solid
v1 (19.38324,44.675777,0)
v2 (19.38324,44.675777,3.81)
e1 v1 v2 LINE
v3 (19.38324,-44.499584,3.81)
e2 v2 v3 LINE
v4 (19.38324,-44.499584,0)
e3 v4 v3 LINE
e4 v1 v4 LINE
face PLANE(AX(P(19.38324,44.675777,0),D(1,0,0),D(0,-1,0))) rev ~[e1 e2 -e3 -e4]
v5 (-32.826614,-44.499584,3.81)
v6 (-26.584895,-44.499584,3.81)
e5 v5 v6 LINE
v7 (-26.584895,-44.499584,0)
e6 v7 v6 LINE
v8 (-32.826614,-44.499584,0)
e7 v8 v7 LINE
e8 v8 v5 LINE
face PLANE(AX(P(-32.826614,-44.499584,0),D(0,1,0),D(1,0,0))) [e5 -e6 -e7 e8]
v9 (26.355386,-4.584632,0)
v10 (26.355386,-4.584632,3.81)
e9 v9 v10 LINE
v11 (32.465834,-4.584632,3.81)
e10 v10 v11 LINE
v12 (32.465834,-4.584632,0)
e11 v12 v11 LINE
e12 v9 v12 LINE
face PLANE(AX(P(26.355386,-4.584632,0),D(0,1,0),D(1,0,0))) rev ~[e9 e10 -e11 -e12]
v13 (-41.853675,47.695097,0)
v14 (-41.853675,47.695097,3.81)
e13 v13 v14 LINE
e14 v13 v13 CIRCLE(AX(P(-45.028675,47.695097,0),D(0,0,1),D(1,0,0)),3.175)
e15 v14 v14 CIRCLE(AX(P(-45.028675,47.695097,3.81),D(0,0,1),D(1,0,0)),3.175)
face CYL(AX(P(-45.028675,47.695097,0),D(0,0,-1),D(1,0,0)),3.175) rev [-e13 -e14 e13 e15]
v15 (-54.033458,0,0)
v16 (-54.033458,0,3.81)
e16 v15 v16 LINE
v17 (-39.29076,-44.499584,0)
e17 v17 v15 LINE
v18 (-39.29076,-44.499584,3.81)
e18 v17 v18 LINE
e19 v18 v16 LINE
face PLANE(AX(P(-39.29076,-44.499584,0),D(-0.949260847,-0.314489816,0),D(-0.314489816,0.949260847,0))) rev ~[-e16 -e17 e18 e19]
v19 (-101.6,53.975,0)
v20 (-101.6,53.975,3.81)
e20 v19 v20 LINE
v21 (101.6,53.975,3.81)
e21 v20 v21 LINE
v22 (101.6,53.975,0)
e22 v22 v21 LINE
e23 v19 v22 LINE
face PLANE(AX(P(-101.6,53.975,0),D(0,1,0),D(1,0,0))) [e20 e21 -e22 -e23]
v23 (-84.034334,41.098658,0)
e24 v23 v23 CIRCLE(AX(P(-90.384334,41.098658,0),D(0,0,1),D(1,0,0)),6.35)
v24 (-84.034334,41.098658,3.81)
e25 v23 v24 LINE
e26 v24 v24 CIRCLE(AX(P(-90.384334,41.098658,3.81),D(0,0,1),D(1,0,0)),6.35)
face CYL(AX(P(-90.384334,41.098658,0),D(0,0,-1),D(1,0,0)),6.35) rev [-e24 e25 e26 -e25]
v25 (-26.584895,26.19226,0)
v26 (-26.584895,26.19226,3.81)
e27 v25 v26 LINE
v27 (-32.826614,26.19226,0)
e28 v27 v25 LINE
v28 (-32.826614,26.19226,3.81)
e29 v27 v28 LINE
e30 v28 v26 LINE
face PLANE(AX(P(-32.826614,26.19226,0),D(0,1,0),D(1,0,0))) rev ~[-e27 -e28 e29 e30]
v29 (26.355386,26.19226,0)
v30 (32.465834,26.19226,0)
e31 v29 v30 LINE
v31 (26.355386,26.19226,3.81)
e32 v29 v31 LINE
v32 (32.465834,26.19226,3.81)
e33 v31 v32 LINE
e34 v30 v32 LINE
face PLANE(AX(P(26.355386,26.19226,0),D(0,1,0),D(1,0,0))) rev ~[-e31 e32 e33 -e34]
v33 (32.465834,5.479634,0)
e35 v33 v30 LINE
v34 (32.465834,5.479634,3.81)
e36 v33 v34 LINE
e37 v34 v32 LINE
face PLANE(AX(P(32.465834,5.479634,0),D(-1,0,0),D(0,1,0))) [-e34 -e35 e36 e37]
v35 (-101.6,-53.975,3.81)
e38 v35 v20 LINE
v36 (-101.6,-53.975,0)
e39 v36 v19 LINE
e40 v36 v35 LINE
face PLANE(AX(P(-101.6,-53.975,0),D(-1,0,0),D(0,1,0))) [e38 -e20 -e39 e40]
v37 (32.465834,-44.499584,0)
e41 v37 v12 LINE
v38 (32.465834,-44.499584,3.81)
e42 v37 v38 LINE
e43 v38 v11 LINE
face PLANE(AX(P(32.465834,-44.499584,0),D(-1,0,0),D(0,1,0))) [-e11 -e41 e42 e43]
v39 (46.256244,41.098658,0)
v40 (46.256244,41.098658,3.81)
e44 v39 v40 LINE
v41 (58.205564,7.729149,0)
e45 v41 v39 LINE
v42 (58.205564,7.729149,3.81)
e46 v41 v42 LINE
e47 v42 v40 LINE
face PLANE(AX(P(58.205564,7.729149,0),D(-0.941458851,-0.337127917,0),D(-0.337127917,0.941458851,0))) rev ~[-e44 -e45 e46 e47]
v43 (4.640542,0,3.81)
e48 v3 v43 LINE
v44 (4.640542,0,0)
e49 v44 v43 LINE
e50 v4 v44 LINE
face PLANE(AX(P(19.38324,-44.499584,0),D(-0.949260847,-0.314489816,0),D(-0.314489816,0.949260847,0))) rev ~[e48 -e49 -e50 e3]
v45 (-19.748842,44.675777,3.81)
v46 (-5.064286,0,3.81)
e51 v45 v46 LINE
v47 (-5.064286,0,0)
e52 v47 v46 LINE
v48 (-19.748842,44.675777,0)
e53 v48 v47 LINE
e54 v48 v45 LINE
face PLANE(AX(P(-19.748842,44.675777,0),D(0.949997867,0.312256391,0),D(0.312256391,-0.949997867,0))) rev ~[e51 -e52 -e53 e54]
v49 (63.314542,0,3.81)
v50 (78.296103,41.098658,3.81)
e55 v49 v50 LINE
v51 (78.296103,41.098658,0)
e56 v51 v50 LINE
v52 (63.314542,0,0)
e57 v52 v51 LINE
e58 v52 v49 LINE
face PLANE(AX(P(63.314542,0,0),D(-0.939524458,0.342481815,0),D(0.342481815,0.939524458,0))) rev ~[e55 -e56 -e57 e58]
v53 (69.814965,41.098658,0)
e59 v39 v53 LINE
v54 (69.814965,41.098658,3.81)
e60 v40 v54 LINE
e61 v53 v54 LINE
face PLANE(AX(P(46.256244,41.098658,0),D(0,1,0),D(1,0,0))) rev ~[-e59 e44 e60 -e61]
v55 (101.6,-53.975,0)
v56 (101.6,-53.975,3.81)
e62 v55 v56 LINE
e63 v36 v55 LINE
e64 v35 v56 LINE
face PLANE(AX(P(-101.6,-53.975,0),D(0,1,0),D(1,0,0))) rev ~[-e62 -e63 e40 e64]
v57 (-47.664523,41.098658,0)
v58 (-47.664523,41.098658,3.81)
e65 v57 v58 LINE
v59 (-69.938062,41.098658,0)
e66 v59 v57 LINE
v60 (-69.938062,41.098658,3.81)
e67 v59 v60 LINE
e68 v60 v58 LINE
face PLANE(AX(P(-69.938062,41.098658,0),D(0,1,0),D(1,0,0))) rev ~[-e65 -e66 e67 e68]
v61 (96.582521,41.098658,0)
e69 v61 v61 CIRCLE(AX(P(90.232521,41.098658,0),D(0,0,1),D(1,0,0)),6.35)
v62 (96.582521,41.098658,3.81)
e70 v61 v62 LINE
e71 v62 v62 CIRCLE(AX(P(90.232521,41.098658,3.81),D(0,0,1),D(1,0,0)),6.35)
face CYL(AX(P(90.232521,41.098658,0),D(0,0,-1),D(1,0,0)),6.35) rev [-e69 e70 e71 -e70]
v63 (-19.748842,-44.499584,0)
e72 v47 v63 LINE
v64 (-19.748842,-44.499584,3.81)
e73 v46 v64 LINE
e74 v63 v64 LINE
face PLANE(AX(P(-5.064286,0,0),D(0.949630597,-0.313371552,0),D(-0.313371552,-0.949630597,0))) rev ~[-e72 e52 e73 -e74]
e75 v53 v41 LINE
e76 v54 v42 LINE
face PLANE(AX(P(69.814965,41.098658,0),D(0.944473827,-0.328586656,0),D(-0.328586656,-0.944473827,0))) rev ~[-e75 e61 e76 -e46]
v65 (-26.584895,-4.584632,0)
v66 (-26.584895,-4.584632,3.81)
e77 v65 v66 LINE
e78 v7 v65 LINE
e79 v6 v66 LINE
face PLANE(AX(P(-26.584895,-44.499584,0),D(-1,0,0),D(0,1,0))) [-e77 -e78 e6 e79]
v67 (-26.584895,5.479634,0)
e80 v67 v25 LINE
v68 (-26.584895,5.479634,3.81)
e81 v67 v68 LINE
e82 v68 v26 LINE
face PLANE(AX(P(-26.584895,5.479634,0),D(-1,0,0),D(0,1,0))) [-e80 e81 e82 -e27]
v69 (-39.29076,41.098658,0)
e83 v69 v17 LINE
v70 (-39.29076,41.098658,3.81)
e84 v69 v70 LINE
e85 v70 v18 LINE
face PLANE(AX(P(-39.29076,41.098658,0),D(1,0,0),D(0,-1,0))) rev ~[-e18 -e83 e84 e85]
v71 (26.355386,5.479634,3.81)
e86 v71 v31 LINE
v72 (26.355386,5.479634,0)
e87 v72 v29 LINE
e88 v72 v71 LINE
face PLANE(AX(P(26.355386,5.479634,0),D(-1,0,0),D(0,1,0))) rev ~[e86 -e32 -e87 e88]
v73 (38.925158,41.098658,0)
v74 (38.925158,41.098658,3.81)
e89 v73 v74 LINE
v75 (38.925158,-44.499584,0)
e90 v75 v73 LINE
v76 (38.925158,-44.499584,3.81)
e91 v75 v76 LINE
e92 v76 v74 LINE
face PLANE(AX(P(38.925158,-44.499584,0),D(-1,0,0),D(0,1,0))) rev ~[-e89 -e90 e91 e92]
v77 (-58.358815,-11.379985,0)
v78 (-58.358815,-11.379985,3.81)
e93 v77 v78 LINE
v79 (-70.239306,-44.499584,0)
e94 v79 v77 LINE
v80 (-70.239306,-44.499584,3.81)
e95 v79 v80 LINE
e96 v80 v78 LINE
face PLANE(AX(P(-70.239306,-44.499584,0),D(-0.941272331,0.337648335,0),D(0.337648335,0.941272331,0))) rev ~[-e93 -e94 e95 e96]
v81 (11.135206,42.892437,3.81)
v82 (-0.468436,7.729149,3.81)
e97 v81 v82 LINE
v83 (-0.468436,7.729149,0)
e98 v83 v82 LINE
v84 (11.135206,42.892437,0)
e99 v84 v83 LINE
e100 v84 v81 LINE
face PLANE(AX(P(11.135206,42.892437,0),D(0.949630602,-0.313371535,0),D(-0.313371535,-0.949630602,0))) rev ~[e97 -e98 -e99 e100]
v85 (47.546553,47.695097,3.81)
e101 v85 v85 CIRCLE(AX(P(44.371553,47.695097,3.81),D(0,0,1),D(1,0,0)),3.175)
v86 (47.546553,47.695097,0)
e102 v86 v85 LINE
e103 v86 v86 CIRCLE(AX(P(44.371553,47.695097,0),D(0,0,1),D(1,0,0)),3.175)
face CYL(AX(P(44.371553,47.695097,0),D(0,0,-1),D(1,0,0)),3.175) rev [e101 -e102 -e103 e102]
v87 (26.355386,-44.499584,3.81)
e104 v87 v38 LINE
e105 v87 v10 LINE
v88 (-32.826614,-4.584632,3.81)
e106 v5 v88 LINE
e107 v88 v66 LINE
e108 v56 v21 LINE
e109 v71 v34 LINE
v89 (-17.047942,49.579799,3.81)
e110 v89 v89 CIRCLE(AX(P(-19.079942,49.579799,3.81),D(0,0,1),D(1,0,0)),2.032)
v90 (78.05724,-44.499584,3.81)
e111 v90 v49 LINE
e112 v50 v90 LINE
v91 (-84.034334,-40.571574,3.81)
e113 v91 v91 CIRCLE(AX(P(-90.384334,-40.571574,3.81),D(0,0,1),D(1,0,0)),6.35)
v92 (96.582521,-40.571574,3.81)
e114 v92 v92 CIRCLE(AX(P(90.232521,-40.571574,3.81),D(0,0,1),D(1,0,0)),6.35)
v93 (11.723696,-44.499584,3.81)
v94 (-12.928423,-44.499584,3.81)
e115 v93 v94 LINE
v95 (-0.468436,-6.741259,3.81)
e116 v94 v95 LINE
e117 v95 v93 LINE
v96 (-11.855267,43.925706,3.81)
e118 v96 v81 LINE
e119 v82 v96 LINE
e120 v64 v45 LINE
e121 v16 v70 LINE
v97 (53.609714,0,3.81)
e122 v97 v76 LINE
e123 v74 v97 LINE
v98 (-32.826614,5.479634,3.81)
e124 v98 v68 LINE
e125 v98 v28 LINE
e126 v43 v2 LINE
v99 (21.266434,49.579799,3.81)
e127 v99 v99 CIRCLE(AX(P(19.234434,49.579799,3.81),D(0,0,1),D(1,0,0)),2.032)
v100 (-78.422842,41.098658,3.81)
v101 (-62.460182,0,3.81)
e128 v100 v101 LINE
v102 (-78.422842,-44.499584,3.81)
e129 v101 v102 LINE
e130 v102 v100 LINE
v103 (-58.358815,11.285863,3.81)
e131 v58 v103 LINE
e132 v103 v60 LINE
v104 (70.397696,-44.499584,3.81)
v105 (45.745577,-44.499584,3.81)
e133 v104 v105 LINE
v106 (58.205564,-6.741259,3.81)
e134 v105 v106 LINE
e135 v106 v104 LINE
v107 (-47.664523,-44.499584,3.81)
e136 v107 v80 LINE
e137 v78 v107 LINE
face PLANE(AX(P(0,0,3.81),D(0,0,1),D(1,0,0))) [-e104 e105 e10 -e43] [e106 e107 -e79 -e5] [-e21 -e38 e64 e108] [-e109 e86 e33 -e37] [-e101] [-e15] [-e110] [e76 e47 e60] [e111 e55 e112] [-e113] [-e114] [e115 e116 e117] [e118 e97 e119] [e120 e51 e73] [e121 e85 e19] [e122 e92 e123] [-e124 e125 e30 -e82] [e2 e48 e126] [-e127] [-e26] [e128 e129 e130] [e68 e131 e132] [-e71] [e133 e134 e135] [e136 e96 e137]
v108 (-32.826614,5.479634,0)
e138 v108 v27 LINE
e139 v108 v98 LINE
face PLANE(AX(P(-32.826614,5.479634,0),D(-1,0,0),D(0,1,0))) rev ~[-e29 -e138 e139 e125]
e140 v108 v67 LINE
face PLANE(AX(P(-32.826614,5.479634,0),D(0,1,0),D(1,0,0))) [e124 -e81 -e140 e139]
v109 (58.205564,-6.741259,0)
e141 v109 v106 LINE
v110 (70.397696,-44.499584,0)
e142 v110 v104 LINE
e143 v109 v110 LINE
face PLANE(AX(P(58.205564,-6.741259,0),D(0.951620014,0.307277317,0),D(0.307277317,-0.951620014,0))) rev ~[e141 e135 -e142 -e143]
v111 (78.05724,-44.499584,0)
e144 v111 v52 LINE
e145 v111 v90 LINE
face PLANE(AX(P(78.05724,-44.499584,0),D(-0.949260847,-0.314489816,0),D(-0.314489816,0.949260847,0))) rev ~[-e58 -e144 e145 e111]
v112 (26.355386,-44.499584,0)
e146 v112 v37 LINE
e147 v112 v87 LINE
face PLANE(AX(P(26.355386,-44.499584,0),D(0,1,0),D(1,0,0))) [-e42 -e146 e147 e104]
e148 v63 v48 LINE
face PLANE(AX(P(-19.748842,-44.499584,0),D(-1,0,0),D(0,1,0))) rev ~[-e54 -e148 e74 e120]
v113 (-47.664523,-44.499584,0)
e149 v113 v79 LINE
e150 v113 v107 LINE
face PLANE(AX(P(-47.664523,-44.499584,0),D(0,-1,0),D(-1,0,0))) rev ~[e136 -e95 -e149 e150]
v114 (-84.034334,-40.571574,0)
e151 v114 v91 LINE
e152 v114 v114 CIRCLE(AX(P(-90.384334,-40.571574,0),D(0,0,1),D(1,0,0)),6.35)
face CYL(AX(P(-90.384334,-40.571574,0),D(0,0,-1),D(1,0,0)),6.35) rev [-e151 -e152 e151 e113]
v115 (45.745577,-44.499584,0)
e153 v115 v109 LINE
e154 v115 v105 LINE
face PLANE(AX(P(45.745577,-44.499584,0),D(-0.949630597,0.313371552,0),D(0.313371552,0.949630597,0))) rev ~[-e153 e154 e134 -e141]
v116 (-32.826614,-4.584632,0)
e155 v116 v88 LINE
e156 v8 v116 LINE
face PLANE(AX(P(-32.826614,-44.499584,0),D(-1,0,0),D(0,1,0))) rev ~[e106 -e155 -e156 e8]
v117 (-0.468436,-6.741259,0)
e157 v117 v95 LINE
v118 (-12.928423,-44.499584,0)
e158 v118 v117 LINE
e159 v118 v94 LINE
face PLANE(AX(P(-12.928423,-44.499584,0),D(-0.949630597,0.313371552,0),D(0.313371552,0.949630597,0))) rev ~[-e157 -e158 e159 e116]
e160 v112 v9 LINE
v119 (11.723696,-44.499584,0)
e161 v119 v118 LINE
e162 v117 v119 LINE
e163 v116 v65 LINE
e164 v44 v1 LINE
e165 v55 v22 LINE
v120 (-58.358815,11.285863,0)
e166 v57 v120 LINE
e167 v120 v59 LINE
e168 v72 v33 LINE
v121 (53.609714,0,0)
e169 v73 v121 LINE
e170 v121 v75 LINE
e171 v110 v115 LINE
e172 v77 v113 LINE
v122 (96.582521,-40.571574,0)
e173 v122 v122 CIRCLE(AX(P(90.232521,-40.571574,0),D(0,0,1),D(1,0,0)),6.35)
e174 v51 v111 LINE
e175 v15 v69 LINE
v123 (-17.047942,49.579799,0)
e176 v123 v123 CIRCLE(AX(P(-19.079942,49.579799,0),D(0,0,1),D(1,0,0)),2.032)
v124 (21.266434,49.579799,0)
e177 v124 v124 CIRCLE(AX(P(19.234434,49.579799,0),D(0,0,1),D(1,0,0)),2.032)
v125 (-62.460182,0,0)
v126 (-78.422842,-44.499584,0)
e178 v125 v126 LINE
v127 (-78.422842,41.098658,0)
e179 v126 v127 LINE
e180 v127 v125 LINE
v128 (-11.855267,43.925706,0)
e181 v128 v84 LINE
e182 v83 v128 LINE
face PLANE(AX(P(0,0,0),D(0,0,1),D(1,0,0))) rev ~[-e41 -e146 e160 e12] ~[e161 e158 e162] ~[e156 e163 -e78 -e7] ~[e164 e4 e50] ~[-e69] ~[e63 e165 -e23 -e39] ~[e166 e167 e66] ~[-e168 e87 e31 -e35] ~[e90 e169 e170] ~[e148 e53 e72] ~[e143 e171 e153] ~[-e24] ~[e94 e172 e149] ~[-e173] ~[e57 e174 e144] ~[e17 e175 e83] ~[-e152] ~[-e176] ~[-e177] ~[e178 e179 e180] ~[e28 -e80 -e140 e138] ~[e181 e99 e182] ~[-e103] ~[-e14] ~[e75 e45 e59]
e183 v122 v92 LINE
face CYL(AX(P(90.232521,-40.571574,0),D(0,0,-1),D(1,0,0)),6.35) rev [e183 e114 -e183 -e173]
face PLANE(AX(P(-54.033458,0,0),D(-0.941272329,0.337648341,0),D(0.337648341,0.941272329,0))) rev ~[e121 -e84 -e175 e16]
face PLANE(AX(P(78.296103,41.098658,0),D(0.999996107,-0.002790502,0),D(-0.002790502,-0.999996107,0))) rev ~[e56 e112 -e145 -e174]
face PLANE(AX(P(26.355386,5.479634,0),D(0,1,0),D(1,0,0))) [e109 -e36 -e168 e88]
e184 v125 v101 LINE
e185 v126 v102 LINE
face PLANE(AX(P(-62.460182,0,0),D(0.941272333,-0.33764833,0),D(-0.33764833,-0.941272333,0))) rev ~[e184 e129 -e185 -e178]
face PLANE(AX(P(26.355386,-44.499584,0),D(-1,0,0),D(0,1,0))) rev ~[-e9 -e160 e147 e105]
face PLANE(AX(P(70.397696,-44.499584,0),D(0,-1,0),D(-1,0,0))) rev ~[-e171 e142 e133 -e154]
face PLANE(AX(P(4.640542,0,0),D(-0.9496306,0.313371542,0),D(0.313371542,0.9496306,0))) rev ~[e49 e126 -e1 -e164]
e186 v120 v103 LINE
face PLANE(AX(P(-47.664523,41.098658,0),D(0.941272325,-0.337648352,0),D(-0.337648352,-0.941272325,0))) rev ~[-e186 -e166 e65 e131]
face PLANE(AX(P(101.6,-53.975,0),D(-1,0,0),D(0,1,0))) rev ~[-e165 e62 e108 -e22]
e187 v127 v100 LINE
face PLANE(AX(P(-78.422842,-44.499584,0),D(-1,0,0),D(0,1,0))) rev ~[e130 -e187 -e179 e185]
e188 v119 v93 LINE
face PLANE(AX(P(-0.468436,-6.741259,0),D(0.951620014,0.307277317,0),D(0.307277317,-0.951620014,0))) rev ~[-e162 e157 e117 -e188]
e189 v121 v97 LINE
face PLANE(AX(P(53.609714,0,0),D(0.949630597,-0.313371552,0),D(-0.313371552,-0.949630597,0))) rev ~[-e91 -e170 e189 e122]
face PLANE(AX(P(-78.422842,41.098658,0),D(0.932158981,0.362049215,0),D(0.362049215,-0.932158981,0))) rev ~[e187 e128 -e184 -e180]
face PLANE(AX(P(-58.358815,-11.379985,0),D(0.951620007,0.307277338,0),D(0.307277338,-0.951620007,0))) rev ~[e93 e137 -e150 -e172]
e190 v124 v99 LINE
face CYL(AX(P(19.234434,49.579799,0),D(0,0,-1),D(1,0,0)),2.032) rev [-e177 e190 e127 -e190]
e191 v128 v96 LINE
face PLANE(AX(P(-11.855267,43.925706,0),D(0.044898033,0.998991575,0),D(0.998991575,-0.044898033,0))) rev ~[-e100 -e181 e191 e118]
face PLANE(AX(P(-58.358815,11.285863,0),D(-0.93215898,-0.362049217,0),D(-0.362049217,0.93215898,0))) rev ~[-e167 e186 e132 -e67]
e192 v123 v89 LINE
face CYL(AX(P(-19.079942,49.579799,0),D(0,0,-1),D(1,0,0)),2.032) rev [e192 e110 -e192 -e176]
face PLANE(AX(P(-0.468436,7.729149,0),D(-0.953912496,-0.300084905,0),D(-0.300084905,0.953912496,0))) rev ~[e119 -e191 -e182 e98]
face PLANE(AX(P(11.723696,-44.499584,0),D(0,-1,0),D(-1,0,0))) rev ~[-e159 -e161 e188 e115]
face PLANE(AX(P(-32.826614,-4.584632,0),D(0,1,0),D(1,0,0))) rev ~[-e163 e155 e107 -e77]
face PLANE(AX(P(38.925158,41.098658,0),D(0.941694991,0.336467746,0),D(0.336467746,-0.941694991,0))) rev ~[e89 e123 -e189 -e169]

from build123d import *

# Parameters (mm, degrees)
F0_W     = 203.2
F0_H     = 107.95
F0_R     = 6.35
F0_W_2   = 6.241719
F0_H_2   = 39.914953
F0_W_3   = 6.110449
F0_H_3   = 20.712627
F0_R_2   = 3.175
F0_R_3   = 2.032
F1_DEPTH = 3.81


with BuildPart() as f1:
    # F0 (on Top) → F1 (new body)
    with BuildSketch(Plane.XY):
        Rectangle(F0_W, F0_H)
        with Locations((-90.384334, -40.571574)):
            Circle(F0_R, mode=Mode.SUBTRACT)
        Polygon((-70.239306, -44.499584), (-58.358815, -11.379985), (-47.664523, -44.499584), align=None, mode=Mode.SUBTRACT)
        Polygon((-78.422842, -44.499584), (-78.422842, 41.098658), (-62.460182, 0), align=None, mode=Mode.SUBTRACT)
        with Locations((-29.705754, -24.542108)):
            Rectangle(F0_W_2, F0_H_2, mode=Mode.SUBTRACT)
        Polygon((-0.468436, -6.741259), (11.723696, -44.499584), (-12.928423, -44.499584), align=None, mode=Mode.SUBTRACT)
        Polygon((-39.29076, -44.499584), (-54.033458, 0), (-39.29076, 41.098658), align=None, mode=Mode.SUBTRACT)
        with Locations((90.232521, -40.571574)):
            Circle(F0_R, mode=Mode.SUBTRACT)
        with Locations((29.41061, -24.542108)):
            Rectangle(F0_W_3, F0_H_2, mode=Mode.SUBTRACT)
        Polygon((38.925158, 41.098658), (53.609714, 0), (38.925158, -44.499584), align=None, mode=Mode.SUBTRACT)
        Polygon((58.205564, -6.741259), (70.397696, -44.499584), (45.745577, -44.499584), align=None, mode=Mode.SUBTRACT)
        Polygon((63.314542, 0), (78.296103, 41.098658), (78.05724, -44.499584), align=None, mode=Mode.SUBTRACT)
        Polygon((-58.358815, 11.285863), (-69.938062, 41.098658), (-47.664523, 41.098658), align=None, mode=Mode.SUBTRACT)
        Polygon((-19.748842, 44.675777), (-5.064286, 0), (-19.748842, -44.499584), align=None, mode=Mode.SUBTRACT)
        with Locations((-29.705754, 15.835947)):
            Rectangle(F0_W_2, F0_H_3, mode=Mode.SUBTRACT)
        Polygon((-11.855267, 43.925706), (11.135206, 42.892437), (-0.468436, 7.729149), align=None, mode=Mode.SUBTRACT)
        with Locations((-90.384334, 41.098658)):
            Circle(F0_R, mode=Mode.SUBTRACT)
        with Locations((-45.028675, 47.695097)):
            Circle(F0_R_2, mode=Mode.SUBTRACT)
        with Locations((-19.079942, 49.579799)):
            Circle(F0_R_3, mode=Mode.SUBTRACT)
        Polygon((4.640542, 0), (19.38324, 44.675777), (19.38324, -44.499584), align=None, mode=Mode.SUBTRACT)
        with Locations((29.41061, 15.835947)):
            Rectangle(F0_W_3, F0_H_3, mode=Mode.SUBTRACT)
        Polygon((58.205564, 7.729149), (46.256244, 41.098658), (69.814965, 41.098658), align=None, mode=Mode.SUBTRACT)
        with Locations((19.234434, 49.579799)):
            Circle(F0_R_3, mode=Mode.SUBTRACT)
        with Locations((44.371553, 47.695097)):
            Circle(F0_R_2, mode=Mode.SUBTRACT)
        with Locations((90.232521, 41.098658)):
            Circle(F0_R, mode=Mode.SUBTRACT)
    extrude(amount=F1_DEPTH)


solid = f1.part
